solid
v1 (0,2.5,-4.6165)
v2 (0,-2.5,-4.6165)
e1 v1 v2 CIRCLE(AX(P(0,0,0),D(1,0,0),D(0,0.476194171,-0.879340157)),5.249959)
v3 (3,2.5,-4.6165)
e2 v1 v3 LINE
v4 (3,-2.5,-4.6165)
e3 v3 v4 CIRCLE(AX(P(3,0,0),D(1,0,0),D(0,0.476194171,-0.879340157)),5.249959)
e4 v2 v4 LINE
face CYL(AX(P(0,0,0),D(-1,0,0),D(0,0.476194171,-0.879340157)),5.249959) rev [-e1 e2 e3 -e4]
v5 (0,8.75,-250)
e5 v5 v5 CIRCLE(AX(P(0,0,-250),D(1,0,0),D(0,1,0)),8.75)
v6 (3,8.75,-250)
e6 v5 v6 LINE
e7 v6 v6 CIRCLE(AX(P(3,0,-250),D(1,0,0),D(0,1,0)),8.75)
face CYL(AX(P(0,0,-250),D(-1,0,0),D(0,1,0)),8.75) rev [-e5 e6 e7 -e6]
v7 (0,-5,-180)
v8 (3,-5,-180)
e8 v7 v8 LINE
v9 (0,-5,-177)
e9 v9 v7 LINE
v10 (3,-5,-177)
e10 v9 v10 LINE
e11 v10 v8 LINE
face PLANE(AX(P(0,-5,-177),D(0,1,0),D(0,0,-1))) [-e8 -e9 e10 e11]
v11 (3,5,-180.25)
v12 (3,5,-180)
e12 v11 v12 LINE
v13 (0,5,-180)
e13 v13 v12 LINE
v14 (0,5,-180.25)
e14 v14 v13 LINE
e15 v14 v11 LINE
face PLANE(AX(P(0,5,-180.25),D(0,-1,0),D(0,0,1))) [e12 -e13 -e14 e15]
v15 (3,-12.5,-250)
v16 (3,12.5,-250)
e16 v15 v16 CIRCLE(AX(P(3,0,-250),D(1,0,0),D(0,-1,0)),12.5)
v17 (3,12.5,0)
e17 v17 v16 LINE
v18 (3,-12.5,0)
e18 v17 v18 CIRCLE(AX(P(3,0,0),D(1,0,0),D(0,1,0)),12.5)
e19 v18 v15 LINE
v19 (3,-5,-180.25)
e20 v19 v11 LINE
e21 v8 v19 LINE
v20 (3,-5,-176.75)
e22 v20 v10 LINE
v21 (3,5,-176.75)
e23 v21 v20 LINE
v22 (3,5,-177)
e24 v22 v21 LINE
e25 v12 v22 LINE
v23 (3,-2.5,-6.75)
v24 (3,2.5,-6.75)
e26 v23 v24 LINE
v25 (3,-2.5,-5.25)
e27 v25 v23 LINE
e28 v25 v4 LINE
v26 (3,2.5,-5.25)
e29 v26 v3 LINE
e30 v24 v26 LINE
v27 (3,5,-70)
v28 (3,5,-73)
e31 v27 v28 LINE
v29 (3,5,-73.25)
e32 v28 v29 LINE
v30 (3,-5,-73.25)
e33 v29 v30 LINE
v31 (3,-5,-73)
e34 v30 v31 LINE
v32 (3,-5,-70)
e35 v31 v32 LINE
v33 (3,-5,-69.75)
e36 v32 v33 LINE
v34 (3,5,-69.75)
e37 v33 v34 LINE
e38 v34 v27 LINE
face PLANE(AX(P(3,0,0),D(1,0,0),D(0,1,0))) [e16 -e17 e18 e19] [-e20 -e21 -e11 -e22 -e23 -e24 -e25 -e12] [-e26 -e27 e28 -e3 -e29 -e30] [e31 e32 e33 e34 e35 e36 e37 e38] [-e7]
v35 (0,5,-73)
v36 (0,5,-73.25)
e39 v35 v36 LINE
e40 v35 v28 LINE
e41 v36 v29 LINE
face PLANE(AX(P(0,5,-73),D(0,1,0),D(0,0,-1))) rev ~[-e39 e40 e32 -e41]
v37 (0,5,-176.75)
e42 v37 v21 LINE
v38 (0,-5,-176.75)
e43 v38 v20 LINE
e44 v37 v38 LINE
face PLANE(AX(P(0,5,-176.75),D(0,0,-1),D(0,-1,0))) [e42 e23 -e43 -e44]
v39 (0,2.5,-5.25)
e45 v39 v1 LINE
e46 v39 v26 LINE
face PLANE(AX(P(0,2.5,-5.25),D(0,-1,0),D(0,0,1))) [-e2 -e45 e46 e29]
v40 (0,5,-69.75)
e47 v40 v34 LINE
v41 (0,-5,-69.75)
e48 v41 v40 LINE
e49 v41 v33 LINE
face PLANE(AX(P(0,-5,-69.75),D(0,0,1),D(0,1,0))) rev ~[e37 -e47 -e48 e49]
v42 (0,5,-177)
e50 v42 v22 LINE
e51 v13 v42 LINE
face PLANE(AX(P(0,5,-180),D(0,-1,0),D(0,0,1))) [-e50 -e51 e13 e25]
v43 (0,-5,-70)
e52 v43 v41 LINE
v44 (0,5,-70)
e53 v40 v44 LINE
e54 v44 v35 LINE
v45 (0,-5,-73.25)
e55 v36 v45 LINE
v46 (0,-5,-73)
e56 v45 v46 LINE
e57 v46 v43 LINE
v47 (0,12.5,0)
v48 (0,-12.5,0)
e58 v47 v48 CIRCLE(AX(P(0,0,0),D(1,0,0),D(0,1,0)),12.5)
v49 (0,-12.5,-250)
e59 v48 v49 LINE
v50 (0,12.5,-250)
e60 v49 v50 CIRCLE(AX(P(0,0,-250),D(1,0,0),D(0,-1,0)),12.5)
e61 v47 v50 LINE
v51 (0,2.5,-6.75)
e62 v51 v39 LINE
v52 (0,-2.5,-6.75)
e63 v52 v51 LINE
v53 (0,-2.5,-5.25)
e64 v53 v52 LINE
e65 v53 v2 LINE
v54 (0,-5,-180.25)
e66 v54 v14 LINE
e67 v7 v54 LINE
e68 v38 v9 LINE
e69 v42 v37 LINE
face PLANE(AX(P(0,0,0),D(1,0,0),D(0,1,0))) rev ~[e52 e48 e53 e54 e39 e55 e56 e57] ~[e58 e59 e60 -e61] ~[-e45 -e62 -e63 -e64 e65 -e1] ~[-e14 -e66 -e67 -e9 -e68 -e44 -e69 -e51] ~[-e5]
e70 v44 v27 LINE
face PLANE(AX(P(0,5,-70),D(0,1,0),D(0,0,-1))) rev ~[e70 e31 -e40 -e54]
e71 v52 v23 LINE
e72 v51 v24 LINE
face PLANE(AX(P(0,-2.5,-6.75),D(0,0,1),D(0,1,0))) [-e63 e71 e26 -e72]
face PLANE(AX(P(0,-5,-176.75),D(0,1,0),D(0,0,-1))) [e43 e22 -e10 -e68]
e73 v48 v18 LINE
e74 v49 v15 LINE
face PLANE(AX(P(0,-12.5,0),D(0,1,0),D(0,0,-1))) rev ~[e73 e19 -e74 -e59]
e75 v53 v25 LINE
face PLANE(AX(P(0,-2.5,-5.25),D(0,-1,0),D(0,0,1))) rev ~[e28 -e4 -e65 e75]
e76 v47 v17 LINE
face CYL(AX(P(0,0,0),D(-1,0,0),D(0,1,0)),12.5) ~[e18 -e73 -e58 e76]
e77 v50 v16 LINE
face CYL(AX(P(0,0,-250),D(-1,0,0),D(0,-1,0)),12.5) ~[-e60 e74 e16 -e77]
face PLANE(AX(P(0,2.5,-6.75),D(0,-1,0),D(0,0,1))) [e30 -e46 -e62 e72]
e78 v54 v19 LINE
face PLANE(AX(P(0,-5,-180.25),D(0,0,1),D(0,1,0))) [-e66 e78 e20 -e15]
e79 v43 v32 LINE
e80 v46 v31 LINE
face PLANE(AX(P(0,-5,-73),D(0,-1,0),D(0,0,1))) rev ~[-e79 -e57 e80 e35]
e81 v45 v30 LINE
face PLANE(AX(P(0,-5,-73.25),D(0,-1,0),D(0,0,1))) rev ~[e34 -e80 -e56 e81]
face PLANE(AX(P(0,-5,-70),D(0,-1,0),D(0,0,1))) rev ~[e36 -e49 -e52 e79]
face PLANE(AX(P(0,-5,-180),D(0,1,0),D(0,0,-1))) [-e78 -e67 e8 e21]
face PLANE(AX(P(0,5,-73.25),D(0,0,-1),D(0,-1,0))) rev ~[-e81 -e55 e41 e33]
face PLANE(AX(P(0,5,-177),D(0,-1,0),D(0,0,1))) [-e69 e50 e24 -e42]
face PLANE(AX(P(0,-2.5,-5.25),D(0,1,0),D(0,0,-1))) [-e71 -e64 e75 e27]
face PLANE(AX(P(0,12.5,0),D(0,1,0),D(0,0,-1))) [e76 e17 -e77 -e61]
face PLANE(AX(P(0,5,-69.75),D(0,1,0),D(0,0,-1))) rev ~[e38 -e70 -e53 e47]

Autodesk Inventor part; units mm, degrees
ref_plane "YZ Plane" through (0, 0, 0) normal (1, 0, 0) x (0, 1, 0)
ref_plane "XZ Plane" through (0, 0, 0) normal (0, 1, 0) x (-1, 0, 0)
ref_plane "XY Plane" through (0, 0, 0) normal (0, 0, 1) x (1, 0, 0)
sketch "Sketch1" plane through (0, 0, 0) normal (1, 0, 0) x (0, 1, 0)
  line L0 (0, 0) -> (0, -250) construction
  circle A0 centre (0, -250) radius 8.75
  arc A1 (0, -12.5) -> (12.5, 0) centre (0, 0) ccw construction
  arc A2 (0, -237.5) -> (-12.5, -250) centre (0, -250) ccw construction
  line L1 (12.5, 0) -> (12.5, -250)
  line L2 (-12.5, 0) -> (-12.5, -250)
  arc A3 (-12.5, 0) -> (0, -12.5) centre (0, 0) ccw construction
  arc A4 (12.5, 0) -> (-12.5, 0) centre (0, 0) ccw
  arc A5 (12.5, -250) -> (0, -237.5) centre (0, -250) ccw construction
  arc A6 (-12.5, -250) -> (12.5, -250) centre (0, -250) ccw
  line L3 (0, 0) -> (0, -70) construction
  line L4 (0, -70) -> (5, -70) construction
  line L5 (5, -70) -> (5, -73)
  line L6 (5, -73) -> (-5, -73) construction
  line L7 (-5, -73) -> (-5, -70)
  line L8 (-5, -70) -> (0, -70) construction
  line L9 (0, -250) -> (0, -180) construction
  line L10 (0, -180) -> (5, -180) construction
  line L11 (5, -180) -> (5, -177)
  line L12 (5, -177) -> (-5, -177) construction
  line L13 (-5, -177) -> (-5, -180)
  line L14 (0, -180) -> (-5, -180) construction
  line L15 (7.5, 0) -> (13.5, 0) construction
  arc A7 (2.5, -4.6165) -> (-2.5, -4.6165) centre (0, 0) ccw
  line L16 (0, -5.25) -> (2.5, -5.25) construction
  line L17 (2.5, -5.25) -> (-2.5, -5.25) construction
  line L18 (-2.5, -5.25) -> (-2.5, -6.75)
  line L19 (-2.5, -6.75) -> (2.5, -6.75)
  line L20 (2.5, -6.75) -> (2.5, -5.25)
  line L21 (2.5, -5.25) -> (2.5, -4.6165)
  line L22 (-2.5, -5.25) -> (-2.5, -4.6165)
  arc A8 (0, -5.25) -> (2.5, -4.6165) centre (0, 0) ccw construction
  arc A9 (-2.5, -4.6165) -> (0, -5.25) centre (0, 0) ccw construction
  line L23 (5, -73) -> (5, -73.25)
  line L24 (5, -73.25) -> (-5, -73.25)
  line L25 (-5, -73.25) -> (-5, -73)
  line L26 (-5, -70) -> (-5, -69.75)
  line L27 (-5, -69.75) -> (5, -69.75)
  line L28 (5, -69.75) -> (5, -70)
  line L29 (5, -177) -> (5, -176.75)
  line L30 (5, -176.75) -> (-5, -176.75)
  line L31 (-5, -176.75) -> (-5, -177)
  line L32 (-5, -180) -> (-5, -180.25)
  line L33 (-5, -180.25) -> (5, -180.25)
  line L34 (5, -180.25) -> (5, -180)
  dimension "d1" = 250
  dimension "d2" = 17.5
  dimension "d3" = 25
  dimension "d4" = 25
  dimension "d5" = 70
  dimension "d6" = 5
  dimension "d7" = 3
  dimension "d9" = 70
  dimension "d10" = 3
  dimension "d14" = 10
  dimension "d17" = 10.5
  dimension "d18" = 2.5
  dimension "d19" = 5
  dimension "d20" = 1.5
  dimension "d21" = 0.25
  dimension "d22" = 10
  dimension "d23" = 0.25
  dimension "d24" = 0.25
  dimension "d25" = 10
  dimension "d26" = 0.25
  dimension "d27" = 10
  dimension "d28" = 0.25
  dimension "d29" = 10
  dimension "d30" = 0.25
  dimension "d31" = 0.25
  dimension "d32" = 10
  dimension "d33" = 0.25
extrude "Extrusion1" add sketch "Sketch1" along normal blind 3
properties part number "brazo3" material "PMMA Plastic"
